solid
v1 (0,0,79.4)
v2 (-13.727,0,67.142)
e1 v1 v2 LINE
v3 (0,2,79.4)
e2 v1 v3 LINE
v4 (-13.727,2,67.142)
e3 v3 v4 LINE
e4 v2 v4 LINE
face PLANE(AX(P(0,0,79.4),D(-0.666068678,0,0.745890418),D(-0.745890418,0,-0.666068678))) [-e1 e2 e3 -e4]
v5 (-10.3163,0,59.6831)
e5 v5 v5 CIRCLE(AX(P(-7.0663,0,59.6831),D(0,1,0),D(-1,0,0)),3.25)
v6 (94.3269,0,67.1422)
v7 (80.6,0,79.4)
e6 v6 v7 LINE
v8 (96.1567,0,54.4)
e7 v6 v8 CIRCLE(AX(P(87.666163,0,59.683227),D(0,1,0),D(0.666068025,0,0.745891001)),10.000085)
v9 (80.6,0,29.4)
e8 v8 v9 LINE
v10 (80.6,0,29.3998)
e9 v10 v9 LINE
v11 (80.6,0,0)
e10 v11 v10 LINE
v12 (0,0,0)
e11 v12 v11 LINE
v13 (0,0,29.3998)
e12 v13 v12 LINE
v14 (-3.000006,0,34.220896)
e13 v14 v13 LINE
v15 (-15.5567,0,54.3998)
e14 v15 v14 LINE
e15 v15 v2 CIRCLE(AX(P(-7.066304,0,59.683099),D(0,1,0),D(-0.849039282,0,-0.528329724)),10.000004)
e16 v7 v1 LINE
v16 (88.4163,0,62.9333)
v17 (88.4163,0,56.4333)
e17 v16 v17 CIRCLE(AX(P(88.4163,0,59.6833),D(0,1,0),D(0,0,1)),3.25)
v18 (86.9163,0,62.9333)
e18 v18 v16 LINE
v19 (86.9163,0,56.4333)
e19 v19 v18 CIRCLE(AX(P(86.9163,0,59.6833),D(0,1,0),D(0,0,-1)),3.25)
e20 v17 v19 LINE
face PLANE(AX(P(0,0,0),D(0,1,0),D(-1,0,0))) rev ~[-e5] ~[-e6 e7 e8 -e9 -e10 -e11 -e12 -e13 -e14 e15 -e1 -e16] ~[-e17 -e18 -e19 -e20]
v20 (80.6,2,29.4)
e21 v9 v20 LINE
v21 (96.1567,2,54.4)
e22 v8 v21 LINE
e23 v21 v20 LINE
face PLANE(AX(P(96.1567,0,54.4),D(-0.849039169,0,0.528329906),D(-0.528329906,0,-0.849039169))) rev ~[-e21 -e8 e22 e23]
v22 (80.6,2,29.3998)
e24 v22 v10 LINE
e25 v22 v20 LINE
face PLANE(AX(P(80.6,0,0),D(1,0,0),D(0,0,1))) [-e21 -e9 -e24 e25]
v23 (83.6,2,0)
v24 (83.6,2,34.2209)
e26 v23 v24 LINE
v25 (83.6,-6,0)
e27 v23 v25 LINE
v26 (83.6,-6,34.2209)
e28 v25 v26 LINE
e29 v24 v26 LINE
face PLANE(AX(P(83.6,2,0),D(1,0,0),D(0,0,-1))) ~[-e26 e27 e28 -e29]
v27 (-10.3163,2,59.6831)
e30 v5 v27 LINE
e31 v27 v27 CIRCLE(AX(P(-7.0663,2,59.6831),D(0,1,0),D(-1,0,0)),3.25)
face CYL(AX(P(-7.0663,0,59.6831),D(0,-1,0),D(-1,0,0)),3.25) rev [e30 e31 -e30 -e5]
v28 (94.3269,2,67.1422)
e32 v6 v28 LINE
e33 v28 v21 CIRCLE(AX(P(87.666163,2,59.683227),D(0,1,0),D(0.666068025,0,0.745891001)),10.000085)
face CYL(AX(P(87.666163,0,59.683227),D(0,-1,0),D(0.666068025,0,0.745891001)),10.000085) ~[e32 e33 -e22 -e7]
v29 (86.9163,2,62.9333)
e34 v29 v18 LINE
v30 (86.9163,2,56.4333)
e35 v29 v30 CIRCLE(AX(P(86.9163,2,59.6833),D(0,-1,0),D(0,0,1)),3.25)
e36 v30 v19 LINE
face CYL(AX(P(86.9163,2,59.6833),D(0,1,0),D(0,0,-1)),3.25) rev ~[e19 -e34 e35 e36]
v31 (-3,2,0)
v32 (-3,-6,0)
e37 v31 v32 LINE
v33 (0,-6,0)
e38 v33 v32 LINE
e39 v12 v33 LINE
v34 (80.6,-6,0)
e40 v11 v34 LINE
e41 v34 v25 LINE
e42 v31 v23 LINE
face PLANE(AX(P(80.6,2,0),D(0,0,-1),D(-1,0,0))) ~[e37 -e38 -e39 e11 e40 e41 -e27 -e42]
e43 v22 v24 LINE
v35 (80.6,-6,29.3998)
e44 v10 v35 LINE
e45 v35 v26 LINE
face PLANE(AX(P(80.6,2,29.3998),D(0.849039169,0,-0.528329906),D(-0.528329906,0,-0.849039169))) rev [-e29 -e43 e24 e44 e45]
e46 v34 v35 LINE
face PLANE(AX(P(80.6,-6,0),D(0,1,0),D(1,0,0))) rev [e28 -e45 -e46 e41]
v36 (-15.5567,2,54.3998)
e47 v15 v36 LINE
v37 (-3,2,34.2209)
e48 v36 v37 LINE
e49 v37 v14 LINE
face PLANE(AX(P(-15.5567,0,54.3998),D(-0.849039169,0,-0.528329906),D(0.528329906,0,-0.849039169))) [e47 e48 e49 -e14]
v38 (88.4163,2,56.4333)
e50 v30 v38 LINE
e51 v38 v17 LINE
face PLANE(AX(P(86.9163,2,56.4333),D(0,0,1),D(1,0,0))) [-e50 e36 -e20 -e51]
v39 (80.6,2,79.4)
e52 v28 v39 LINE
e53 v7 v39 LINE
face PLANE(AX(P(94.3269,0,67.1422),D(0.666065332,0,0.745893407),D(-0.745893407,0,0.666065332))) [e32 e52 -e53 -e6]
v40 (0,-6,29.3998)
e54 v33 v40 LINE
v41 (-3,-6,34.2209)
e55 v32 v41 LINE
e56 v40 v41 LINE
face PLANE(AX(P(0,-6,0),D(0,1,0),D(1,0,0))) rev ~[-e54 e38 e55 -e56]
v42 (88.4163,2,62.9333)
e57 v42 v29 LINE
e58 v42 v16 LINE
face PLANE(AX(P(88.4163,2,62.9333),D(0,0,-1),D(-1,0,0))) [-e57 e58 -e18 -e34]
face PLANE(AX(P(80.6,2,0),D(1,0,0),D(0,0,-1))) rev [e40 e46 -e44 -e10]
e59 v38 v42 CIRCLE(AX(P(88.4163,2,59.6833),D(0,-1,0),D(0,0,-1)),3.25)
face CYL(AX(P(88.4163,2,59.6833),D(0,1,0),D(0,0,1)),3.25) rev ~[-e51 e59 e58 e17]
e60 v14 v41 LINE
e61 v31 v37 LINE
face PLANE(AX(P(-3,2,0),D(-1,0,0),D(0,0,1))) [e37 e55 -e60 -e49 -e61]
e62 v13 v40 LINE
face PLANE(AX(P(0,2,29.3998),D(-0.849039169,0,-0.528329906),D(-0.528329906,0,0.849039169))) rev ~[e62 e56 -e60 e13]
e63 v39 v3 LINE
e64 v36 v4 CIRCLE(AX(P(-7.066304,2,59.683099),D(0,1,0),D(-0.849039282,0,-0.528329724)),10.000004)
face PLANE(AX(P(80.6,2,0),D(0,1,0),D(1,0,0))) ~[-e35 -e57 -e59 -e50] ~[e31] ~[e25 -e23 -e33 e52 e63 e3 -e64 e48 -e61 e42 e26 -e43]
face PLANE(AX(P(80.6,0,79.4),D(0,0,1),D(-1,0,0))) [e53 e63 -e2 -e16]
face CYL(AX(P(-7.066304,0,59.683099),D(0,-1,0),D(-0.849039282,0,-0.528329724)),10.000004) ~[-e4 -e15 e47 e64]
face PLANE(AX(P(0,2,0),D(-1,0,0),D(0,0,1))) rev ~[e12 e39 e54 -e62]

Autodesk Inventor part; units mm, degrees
ref_plane "YZ Plane" through (0, 0, 0) normal (1, 0, 0) x (0, 1, 0)
ref_plane "XZ Plane" through (0, 0, 0) normal (0, 1, 0) x (-1, 0, 0)
sketch "草圖1" plane through (0, 0, 0) normal (0, 1, 0) x (-1, 0, 0)
  line L0 (0, 0) -> (-80.6, 0)
  line L1 (-80.6, 0) -> (-80.6, 79.4)
  line L2 (-80.6, 79.4) -> (0, 79.4)
  line L3 (0, 79.4) -> (0, 0)
  line L4 (-80.6, 79.4) -> (-80.6, 51.023)
  line L5 (-80.6, 79.4) -> (-80.6, 51.023)
  line L6 (-80.6, 51.023) -> (-80.6, 79.4)
  line L7 (-94.3269, 67.1422) -> (-80.6, 79.4)
  line L8 (-96.1567, 54.4) -> (-80.6, 29.4)
  circle A0 centre (-87.6663, 59.6833) radius 3.25
  arc A1 (-94.3269, 67.1422) -> (-96.1567, 54.4) centre (-87.6663, 59.6833) ccw
  line L9 (-40.2, 92.1708) -> (-40.2, -8.9293) construction
  line L10 (0, 79.4) -> (13.727, 67.142)
  line L11 (15.5567, 54.3998) -> (0, 29.3998)
  circle A2 centre (7.0663, 59.6831) radius 3.25
  arc A3 (15.5567, 54.3998) -> (13.727, 67.142) centre (7.0663, 59.6831) ccw
  point P0 (-100.6, 61.5405)
  point P1 (20, 61.5403)
  point P2 (17.5946, 57.6964)
  point P3 (10.5946, 57.6964)
  dimension "d0" = 80.6
  dimension "d1" = 79.4
  dimension "d7" = 50
  dimension "d10" = 20
  dimension "d11" = 6.5
  dimension "d12" = 10
  dimension "d13" = 25
  dimension "d17" = 20
  dimension "d18" = 6.5
  dimension "d19" = 10
  dimension "d20" = 25
  dimension "d42" = 7
  dimension "d51" = 13.727
extrude "擠出1" add sketch "草圖1" along normal blind 2
sketch "草圖11" plane through (0, 2, 0) normal (0, 1, 0) x (1, 0, 0)
  circle A0 centre (87.6663, -59.6833) radius 3.25 construction
  line L0 (88.4163, -62.9333) -> (86.9163, -62.9333)
  line L1 (83.6663, -59.6833) -> (83.6663, -59.6833)
  line L2 (86.9163, -56.4333) -> (88.4163, -56.4333)
  line L3 (91.6663, -59.6833) -> (91.6663, -59.6833)
  arc A1 (88.4163, -62.9333) -> (91.6663, -59.6833) centre (88.4163, -59.6833) ccw
  arc A2 (91.6663, -59.6833) -> (88.4163, -56.4333) centre (88.4163, -59.6833) ccw
  arc A3 (86.9163, -56.4333) -> (83.6663, -59.6833) centre (86.9163, -59.6833) ccw
  arc A4 (83.6663, -59.6833) -> (86.9163, -62.9333) centre (86.9163, -59.6833) ccw
  point P0 (0, 0)
  dimension "d46" = 4
  dimension "d47" = 4
  dimension "d48" = 3.25
extrude "擠出5" cut sketch "草圖11" against normal through all
sketch "草圖18" plane through (0, 2, 0) normal (0, 1, 0) x (1, 0, 0)
  line L0 (0, 0) -> (-3, 0)
  line L1 (0, -29.3998) -> (-15.5567, -54.3998) projected
  line L2 (0, 0) -> (0, -29.3998) projected
  line L3 (-3, 0) -> (-3, -34.2209)
  line L4 (40.2999, -89.2199) -> (40.2999, 11.3236) construction
  line L5 (80.5999, 0) -> (83.5999, 0)
  line L6 (80.5999, 0) -> (80.5999, -29.3998)
  line L7 (83.5999, 0) -> (83.5999, -34.2209)
  line L8 (96.1567, -54.4) -> (80.6, -29.4) projected
  line L9 (83.5999, -34.2209) -> (80.6, -29.4)
  dimension "d60" = 3
extrude "擠出7" add sketch "草圖18" against normal blind 8 contours L2 L1 L3 L0
ref_plane "工作平面4" through (40.3, -6, 29.3998) normal (1, 0, 0) x (0, 0, -1)
mirror "鏡射2" about plane through (40.3, -6, 29.3998) normal (1, 0, 0) of "擠出7"
properties part number "mini5電腦支架"
